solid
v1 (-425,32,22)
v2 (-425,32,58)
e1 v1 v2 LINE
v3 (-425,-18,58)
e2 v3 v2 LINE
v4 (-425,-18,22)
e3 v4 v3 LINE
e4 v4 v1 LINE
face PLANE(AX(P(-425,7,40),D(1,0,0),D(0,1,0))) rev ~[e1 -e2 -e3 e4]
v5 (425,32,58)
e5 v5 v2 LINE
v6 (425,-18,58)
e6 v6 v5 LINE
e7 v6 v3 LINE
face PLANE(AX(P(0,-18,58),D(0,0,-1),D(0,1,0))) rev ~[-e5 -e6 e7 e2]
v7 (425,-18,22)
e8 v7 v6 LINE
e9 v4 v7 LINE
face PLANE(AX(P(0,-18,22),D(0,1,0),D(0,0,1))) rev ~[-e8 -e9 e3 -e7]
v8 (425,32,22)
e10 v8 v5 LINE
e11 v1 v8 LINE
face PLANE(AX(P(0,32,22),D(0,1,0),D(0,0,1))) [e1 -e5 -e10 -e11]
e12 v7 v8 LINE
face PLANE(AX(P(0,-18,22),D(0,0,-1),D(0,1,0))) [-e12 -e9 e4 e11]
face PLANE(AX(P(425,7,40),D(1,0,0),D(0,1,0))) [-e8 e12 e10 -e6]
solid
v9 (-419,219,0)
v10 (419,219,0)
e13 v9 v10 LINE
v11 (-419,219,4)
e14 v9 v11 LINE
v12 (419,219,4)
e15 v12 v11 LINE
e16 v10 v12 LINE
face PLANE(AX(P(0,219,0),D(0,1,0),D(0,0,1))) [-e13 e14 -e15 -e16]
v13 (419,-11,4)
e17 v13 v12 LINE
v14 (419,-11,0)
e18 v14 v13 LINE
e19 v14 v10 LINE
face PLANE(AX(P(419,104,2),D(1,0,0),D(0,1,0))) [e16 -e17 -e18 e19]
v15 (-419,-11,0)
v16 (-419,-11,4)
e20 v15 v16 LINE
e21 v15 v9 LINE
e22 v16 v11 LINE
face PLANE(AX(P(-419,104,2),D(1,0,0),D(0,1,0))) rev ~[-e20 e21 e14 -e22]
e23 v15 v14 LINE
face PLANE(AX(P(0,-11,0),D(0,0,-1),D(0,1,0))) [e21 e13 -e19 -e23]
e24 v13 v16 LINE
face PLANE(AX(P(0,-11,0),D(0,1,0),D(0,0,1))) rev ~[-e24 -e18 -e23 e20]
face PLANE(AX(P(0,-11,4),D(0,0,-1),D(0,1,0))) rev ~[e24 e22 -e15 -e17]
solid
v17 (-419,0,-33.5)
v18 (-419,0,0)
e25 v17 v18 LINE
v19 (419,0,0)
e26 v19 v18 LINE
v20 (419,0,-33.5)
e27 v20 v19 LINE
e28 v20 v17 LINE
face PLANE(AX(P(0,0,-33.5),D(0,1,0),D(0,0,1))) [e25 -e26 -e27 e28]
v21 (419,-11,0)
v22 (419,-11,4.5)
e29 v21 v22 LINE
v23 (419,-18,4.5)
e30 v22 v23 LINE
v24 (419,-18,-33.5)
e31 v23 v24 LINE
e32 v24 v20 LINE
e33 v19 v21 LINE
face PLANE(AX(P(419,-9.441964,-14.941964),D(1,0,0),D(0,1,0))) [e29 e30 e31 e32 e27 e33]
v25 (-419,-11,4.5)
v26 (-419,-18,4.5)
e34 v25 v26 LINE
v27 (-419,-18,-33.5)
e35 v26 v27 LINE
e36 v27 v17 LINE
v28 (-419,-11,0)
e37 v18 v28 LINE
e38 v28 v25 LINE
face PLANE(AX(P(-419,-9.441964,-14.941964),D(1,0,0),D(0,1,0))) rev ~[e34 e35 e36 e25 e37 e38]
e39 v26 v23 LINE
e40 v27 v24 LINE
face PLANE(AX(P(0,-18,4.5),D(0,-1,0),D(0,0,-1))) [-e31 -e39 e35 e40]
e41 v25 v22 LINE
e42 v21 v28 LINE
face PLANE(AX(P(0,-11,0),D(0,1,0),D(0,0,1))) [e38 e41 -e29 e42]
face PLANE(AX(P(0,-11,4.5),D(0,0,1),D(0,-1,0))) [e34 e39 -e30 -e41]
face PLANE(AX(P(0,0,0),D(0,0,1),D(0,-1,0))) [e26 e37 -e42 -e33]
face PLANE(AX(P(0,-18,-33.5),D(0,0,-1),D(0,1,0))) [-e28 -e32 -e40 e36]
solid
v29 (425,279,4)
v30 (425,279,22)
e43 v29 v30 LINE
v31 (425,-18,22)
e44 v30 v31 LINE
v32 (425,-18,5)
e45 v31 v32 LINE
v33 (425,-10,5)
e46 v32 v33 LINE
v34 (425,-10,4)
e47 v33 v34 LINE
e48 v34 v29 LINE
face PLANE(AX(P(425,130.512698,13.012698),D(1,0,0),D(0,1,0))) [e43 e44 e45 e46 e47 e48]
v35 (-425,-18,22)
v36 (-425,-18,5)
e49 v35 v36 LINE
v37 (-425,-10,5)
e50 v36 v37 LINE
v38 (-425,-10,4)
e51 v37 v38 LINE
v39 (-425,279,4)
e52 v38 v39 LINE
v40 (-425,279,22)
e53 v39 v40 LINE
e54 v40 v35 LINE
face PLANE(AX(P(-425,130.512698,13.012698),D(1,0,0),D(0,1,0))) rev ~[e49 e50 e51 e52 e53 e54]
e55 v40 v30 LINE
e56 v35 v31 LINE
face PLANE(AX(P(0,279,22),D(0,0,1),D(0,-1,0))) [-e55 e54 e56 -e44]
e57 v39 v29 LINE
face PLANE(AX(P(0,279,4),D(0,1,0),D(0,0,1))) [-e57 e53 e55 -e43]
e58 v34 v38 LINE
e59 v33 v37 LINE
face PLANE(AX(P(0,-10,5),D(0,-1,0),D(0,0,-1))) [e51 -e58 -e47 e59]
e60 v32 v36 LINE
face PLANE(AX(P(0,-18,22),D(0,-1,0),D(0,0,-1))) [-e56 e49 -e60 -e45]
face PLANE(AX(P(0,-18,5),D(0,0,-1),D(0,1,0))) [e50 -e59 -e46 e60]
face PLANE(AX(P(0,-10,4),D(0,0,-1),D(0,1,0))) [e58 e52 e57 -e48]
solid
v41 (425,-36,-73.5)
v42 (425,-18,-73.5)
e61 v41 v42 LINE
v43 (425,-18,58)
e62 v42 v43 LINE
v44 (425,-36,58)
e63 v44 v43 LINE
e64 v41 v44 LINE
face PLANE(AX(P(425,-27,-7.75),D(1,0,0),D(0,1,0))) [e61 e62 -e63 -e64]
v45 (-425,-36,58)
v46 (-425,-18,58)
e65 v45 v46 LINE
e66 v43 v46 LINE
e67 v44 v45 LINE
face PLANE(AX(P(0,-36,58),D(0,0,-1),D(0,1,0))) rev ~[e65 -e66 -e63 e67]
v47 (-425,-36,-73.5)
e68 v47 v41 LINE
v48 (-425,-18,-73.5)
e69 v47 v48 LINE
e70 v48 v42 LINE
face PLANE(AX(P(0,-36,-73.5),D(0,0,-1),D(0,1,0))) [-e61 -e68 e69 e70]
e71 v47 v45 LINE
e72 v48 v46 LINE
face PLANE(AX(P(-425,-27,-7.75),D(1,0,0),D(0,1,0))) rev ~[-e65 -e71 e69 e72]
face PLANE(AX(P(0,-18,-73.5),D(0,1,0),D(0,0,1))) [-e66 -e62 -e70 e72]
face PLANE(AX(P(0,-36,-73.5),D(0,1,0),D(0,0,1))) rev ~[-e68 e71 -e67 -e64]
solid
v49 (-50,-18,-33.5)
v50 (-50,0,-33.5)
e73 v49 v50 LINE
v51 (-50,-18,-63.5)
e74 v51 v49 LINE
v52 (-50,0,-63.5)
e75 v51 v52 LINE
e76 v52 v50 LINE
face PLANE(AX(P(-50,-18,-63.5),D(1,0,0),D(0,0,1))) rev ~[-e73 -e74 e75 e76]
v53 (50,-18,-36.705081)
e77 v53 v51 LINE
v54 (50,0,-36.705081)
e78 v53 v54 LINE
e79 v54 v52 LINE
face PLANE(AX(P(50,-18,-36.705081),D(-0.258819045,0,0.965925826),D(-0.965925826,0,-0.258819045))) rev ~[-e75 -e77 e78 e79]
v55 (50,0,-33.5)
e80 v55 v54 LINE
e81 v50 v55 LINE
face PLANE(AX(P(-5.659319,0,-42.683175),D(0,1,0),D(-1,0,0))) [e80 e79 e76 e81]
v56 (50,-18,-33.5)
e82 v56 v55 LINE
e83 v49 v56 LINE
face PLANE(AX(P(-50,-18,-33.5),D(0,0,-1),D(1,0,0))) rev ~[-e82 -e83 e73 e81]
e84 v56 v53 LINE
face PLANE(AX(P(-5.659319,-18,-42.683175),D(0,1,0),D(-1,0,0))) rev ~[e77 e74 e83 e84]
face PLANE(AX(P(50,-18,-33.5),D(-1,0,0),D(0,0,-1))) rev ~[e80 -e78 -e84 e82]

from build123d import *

# Parameters (mm, degrees)
F7_DEPTH  = 425
F3_W      = 50
F3_H      = 36
F4_W      = 18
F4_H      = 131.5
F0_W      = 230
F0_H      = 4
F8_DEPTH  = 419
F10_DEPTH = 18


with BuildPart() as f7:
    # F2 (on Right) → F7 (new body, symmetric)
    with BuildSketch(Plane.YZ):
        Polygon((-10, 4), (279, 4), (279, 22), (-18, 22), (-18, 5), (-10, 5), align=None)
    extrude(amount=F7_DEPTH, both=True)


with BuildPart() as f7b:
    # F3 (on Right) → F7, piece 2 (new body, symmetric)
    with BuildSketch(Plane.YZ):
        with Locations((7, 40)):
            Rectangle(F3_W, F3_H)
    extrude(amount=F7_DEPTH, both=True)


with BuildPart() as f7c:
    # F4 (on Right) → F7, piece 3 (new body, symmetric)
    with BuildSketch(Plane.YZ):
        with Locations((-27, -7.75)):
            Rectangle(F4_W, F4_H)
    extrude(amount=F7_DEPTH, both=True)


with BuildPart() as f8:
    # F0 (on Right) → F8 (new body, symmetric)
    with BuildSketch(Plane.YZ):
        with Locations((104, 2)):
            Rectangle(F0_W, F0_H)
    extrude(amount=F8_DEPTH, both=True)


with BuildPart() as f8b:
    # F1 (on Right) → F8, piece 2 (new body, symmetric)
    with BuildSketch(Plane.YZ):
        Polygon((-11, 0), (-11, 4.5), (-18, 4.5), (-18, -33.5), (0, -33.5), (0, 0), align=None)
    extrude(amount=F8_DEPTH, both=True)


with BuildPart() as f10:
    # F9 (on face) → F10 (new body)
    with BuildSketch(Plane(origin=(0, -18, 0), x_dir=(-1, 0, 0), z_dir=(0, 1, 0))):
        Polygon((50, -33.5), (-50, -33.5), (-50, -36.7050807569), (50, -63.5), align=None)
    extrude(amount=F10_DEPTH)


solid = Compound([f7.part, f7b.part, f7c.part, f8.part, f8b.part, f10.part])
